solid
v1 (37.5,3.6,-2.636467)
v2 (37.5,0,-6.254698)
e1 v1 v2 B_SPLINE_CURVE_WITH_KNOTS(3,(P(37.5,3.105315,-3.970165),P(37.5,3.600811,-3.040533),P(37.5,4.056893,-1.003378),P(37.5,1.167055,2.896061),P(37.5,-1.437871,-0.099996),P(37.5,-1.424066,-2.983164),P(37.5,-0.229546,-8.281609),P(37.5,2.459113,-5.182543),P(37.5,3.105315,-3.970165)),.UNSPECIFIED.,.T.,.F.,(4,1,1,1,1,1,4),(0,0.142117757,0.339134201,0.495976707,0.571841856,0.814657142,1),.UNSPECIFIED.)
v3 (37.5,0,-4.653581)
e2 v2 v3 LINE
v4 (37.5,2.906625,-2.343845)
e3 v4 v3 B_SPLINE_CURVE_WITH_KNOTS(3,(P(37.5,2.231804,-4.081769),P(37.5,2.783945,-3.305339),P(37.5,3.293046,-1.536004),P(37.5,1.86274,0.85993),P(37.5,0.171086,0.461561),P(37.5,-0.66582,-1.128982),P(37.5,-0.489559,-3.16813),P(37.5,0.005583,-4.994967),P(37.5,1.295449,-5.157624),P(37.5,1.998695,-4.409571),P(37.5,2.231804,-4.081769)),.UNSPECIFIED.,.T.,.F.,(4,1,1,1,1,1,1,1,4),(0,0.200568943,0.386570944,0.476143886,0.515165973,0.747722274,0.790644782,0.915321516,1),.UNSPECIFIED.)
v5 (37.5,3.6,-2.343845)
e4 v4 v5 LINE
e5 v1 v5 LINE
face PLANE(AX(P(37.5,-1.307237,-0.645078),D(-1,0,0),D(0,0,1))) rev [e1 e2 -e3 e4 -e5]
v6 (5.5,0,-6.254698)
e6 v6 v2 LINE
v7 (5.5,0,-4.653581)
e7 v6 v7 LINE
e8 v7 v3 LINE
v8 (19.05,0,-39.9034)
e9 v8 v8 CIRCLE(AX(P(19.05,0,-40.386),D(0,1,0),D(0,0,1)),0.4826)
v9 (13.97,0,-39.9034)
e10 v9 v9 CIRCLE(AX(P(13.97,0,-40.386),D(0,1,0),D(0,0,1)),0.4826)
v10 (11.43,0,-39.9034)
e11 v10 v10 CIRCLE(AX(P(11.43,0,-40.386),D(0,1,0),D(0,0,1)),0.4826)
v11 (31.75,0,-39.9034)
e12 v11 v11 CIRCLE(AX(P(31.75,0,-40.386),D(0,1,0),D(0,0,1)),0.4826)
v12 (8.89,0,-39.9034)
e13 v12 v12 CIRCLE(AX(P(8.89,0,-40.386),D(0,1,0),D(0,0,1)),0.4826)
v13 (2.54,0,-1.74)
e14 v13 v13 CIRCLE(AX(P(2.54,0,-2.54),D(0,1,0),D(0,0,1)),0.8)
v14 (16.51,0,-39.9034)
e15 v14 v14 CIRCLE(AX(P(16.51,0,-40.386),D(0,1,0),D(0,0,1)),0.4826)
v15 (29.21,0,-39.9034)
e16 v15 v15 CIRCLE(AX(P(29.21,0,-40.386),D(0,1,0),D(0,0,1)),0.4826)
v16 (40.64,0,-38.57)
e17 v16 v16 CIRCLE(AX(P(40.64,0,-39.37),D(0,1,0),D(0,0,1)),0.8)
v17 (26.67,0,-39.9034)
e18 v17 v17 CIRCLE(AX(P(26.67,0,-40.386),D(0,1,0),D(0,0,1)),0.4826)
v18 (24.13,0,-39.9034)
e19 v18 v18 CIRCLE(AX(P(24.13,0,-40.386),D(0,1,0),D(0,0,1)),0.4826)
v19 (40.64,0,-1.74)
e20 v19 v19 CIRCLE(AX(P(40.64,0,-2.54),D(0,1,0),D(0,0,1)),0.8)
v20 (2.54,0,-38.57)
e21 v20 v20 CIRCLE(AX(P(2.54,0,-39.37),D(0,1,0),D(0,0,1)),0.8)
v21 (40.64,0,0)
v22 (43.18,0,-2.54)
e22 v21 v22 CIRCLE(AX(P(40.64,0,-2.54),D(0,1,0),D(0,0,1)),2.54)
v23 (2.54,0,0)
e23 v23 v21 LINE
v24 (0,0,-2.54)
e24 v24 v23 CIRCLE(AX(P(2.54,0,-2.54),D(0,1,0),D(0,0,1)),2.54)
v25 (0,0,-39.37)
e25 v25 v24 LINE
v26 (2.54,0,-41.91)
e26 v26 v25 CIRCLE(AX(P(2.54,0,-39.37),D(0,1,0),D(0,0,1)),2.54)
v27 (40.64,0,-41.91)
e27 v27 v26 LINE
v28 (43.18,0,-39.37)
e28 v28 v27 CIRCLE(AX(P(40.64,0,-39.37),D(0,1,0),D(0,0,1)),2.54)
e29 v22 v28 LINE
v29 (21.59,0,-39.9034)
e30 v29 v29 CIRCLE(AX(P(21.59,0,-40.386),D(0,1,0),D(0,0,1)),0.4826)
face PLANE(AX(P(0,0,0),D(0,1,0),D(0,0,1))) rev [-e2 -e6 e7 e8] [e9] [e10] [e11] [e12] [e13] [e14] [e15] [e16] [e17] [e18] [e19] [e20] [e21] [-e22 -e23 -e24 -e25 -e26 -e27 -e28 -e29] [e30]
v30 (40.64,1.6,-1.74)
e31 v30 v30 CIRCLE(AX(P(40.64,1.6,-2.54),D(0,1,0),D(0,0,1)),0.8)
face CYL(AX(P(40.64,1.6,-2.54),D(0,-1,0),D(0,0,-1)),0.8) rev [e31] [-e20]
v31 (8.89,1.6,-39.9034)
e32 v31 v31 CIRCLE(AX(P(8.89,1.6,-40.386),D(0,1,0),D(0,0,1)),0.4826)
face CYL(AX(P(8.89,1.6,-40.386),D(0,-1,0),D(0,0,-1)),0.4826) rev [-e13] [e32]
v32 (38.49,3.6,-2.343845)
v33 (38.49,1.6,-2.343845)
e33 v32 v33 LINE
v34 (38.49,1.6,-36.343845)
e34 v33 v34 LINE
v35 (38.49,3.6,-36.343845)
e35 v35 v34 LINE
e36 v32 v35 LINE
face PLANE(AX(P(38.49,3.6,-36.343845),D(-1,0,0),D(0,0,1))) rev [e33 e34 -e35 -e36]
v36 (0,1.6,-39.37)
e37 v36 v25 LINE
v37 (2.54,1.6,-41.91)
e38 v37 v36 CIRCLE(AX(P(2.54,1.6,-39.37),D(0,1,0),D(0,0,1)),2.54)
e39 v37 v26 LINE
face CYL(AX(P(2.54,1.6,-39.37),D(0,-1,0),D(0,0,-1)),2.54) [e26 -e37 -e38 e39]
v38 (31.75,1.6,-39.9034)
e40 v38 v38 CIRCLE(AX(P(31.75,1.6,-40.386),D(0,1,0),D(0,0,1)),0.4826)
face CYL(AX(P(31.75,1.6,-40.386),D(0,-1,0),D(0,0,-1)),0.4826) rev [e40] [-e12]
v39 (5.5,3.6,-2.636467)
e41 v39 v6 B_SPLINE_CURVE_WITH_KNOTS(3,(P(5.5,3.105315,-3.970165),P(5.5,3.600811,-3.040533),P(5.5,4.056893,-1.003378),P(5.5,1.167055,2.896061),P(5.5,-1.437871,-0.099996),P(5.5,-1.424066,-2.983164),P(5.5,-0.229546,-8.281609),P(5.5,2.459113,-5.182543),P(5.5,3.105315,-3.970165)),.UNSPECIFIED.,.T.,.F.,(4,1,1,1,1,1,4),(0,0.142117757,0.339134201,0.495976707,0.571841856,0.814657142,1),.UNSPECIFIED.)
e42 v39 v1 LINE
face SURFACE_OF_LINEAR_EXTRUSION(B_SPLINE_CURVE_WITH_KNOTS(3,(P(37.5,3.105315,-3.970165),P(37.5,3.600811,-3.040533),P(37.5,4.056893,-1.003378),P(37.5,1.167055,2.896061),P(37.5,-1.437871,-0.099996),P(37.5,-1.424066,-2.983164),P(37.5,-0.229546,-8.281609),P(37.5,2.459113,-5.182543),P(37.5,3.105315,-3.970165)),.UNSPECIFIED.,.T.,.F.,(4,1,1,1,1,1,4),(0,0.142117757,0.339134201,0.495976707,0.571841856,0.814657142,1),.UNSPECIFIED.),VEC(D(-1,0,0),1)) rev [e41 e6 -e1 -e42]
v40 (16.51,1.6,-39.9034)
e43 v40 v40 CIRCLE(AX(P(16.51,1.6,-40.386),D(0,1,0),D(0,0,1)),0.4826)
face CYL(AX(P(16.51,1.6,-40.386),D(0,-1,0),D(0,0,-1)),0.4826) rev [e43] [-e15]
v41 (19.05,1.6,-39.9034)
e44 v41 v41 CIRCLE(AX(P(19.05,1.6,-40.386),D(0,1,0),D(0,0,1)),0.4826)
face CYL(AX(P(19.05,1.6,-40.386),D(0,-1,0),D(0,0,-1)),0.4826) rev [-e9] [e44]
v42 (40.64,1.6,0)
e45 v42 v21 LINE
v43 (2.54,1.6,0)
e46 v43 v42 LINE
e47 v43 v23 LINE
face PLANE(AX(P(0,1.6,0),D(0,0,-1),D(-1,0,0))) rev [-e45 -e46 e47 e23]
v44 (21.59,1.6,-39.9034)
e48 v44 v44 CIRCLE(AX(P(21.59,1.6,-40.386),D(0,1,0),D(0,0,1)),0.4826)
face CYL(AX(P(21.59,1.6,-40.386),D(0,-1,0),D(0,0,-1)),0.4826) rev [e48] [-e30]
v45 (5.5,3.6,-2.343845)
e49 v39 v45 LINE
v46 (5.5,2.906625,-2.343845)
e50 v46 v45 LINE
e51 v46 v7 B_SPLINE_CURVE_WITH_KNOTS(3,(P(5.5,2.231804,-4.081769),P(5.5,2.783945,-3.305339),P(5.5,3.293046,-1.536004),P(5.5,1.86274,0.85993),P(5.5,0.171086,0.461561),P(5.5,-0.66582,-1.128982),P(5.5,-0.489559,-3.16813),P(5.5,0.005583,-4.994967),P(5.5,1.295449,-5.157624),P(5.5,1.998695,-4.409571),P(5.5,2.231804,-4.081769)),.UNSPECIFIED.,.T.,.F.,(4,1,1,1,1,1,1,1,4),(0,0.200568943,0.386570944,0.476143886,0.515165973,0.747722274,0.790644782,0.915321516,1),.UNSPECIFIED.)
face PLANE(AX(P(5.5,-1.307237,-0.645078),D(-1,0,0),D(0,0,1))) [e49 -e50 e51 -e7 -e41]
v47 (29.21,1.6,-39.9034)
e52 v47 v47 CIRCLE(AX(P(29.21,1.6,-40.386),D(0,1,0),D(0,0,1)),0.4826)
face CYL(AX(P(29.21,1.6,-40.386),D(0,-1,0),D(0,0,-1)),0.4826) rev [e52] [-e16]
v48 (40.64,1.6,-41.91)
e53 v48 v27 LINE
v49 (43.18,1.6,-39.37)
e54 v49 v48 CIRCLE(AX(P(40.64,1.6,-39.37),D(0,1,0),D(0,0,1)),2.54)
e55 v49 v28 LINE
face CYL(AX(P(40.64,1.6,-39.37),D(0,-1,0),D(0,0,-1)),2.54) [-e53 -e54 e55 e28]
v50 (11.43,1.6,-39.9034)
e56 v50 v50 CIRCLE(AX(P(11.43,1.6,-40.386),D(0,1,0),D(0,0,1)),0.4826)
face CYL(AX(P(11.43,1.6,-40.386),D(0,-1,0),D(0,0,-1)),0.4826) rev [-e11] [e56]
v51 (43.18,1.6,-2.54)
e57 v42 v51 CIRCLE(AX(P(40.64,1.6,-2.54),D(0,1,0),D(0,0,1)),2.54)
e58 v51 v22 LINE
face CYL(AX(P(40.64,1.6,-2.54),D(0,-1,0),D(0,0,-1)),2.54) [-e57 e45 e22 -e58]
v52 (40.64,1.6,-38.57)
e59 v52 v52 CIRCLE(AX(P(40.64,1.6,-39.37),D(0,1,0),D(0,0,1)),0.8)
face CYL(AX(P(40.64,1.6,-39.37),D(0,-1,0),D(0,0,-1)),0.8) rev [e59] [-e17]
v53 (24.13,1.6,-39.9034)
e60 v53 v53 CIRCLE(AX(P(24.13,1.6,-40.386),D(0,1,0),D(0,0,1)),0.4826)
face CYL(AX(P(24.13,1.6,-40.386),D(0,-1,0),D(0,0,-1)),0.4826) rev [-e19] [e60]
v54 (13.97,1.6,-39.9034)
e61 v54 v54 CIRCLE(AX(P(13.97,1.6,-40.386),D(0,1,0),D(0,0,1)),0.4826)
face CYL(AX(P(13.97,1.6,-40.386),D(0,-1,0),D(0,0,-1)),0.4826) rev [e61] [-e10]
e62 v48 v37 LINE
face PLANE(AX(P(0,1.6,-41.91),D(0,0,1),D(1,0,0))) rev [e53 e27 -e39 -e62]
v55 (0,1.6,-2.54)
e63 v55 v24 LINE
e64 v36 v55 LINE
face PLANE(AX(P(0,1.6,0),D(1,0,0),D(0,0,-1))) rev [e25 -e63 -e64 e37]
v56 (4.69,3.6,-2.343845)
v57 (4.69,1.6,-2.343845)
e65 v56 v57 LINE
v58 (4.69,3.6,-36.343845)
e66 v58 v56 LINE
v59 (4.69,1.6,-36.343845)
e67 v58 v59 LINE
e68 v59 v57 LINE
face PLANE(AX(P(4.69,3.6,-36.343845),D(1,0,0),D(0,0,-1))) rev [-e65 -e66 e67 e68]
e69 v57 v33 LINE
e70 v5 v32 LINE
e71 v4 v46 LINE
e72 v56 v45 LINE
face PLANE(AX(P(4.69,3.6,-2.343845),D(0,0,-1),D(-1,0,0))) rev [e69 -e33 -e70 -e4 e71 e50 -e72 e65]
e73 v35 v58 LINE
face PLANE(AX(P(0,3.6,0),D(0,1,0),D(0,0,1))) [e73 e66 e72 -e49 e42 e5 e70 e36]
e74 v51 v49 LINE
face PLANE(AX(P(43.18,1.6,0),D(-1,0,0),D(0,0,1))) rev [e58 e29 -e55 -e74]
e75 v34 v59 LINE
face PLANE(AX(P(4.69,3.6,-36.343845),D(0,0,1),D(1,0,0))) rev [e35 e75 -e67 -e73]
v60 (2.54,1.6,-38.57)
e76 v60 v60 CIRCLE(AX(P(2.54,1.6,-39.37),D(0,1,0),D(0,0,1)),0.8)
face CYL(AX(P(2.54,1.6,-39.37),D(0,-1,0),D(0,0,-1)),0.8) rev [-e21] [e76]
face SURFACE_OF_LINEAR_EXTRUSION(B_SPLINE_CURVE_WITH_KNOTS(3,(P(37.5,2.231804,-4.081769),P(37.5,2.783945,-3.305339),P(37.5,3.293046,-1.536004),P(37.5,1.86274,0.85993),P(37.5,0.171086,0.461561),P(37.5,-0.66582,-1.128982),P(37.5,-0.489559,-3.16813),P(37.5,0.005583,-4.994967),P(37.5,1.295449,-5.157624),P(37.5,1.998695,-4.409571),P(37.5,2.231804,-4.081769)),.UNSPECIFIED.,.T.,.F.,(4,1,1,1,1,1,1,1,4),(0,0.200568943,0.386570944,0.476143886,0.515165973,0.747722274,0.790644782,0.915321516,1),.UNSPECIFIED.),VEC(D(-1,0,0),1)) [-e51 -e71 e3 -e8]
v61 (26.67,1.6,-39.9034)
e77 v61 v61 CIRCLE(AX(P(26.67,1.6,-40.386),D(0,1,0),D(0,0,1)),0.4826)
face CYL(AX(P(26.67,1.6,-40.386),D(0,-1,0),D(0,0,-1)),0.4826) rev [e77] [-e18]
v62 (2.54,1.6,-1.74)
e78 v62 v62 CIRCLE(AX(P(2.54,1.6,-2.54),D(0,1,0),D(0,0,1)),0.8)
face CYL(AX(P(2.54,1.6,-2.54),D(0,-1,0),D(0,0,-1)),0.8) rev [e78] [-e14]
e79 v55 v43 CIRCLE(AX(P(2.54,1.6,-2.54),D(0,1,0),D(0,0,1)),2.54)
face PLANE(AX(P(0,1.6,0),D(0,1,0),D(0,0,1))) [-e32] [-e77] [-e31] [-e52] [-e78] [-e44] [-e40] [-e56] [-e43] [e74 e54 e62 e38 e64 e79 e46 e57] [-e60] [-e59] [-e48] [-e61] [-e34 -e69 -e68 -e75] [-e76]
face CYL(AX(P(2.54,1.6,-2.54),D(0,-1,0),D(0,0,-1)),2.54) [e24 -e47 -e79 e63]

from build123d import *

# Parameters (mm, degrees)
SKETCH1_R           = 0.8
SKETCH1_R_2         = 0.4826
BOSS_EXTRUDE1_DEPTH = 1.6
SKETCH2_W           = 33.8
SKETCH2_H           = 34
BOSS_EXTRUDE2_DEPTH = 2
BOSS_EXTRUDE3_START = 5.5
BOSS_EXTRUDE3_DEPTH = 32


with BuildPart() as part:
    # Sketch1 → Boss-Extrude1 (new body)
    with BuildSketch(Plane(origin=(0, 0, 0), x_dir=(1, 0, 0), z_dir=(0, 1, 0))):
        with BuildLine():
            Line((40.64, 41.91), (2.54, 41.91))
            ThreePointArc((2.54, 41.91), (0.743948776, 41.166051224), (0, 39.37))
            Line((0, 39.37), (0, 2.54))
            ThreePointArc((0, 2.54), (0.743948776, 0.743948776), (2.54, 0))
            Line((2.54, 0), (40.64, 0))
            ThreePointArc((40.64, 0), (42.436051224, 0.743948776), (43.18, 2.54))
            Line((43.18, 2.54), (43.18, 39.37))
            ThreePointArc((43.18, 39.37), (42.436051224, 41.166051224), (40.64, 41.91))
        make_face()
        with Locations(Location((2.54, 39.37, 0), (0, 0, 270))):
            Circle(SKETCH1_R, mode=Mode.SUBTRACT)
        with Locations(Location((40.64, 39.37, 0), (0, 0, 270))):
            Circle(SKETCH1_R, mode=Mode.SUBTRACT)
        with Locations(Location((40.64, 2.54, 0), (0, 0, 270))):
            Circle(SKETCH1_R, mode=Mode.SUBTRACT)
        with Locations(Location((2.54, 2.54, 0), (0, 0, 270))):
            Circle(SKETCH1_R, mode=Mode.SUBTRACT)
        with Locations(Location((8.89, 40.386, 0), (0, 0, 270))):
            Circle(SKETCH1_R_2, mode=Mode.SUBTRACT)
        with Locations(Location((11.43, 40.386, 0), (0, 0, 270))):
            Circle(SKETCH1_R_2, mode=Mode.SUBTRACT)
        with Locations(Location((13.97, 40.386, 0), (0, 0, 270))):
            Circle(SKETCH1_R_2, mode=Mode.SUBTRACT)
        with Locations(Location((16.51, 40.386, 0), (0, 0, 270))):
            Circle(SKETCH1_R_2, mode=Mode.SUBTRACT)
        with Locations(Location((19.05, 40.386, 0), (0, 0, 270))):
            Circle(SKETCH1_R_2, mode=Mode.SUBTRACT)
        with Locations(Location((21.59, 40.386, 0), (0, 0, 270))):
            Circle(SKETCH1_R_2, mode=Mode.SUBTRACT)
        with Locations(Location((24.13, 40.386, 0), (0, 0, 270))):
            Circle(SKETCH1_R_2, mode=Mode.SUBTRACT)
        with Locations(Location((26.67, 40.386, 0), (0, 0, 270))):
            Circle(SKETCH1_R_2, mode=Mode.SUBTRACT)
        with Locations(Location((29.21, 40.386, 0), (0, 0, 270))):
            Circle(SKETCH1_R_2, mode=Mode.SUBTRACT)
        with Locations(Location((31.75, 40.386, 0), (0, 0, 270))):
            Circle(SKETCH1_R_2, mode=Mode.SUBTRACT)
    extrude(amount=BOSS_EXTRUDE1_DEPTH)

    # Sketch2 → Boss-Extrude2 (add)
    with BuildSketch(Plane(origin=(0, 1.6, 0), x_dir=(1, 0, 0), z_dir=(0, 1, 0))):
        with Locations((21.59, 19.343844511)):
            Rectangle(SKETCH2_W, SKETCH2_H)
    extrude(amount=BOSS_EXTRUDE2_DEPTH)

    # Sketch3 → Boss-Extrude3 (add)
    with BuildSketch(Plane(origin=(0, 0, 0), x_dir=(0, 0, -1), z_dir=(1, 0, 0)).offset(BOSS_EXTRUDE3_START)):
        with BuildLine():
            add(Edge.make_bspline(
                [(3.970164527, 3.105314779), (3.04053349, 3.600811343), (1.003377892, 4.056892842), (-2.896061137, 1.167055459), (0.099995748, -1.437870681), (2.983164085, -1.424066333), (8.281609372, -0.229546042), (5.182542742, 2.459112989), (3.970164527, 3.105314779)],
                knots=[0, 0, 0, 0, 0.142117757, 0.339134201, 0.495976707, 0.571841856, 0.814657142, 1, 1, 1, 1], degree=3))
        make_face()
        with BuildLine():
            add(Edge.make_bspline(
                [(4.08176927, 2.23180389), (3.305339462, 2.783945066), (1.536004114, 3.293046243), (-0.859930314, 1.862739832), (-0.461561334, 0.171086046), (1.128981968, -0.665819715), (3.168129753, -0.489558726), (4.994967134, 0.005583457), (5.157624087, 1.295448967), (4.40957126, 1.998694632), (4.08176927, 2.23180389)],
                knots=[0, 0, 0, 0, 0.200568943, 0.386570944, 0.476143886, 0.515165973, 0.747722274, 0.790644782, 0.915321516, 1, 1, 1, 1], degree=3))
        make_face(mode=Mode.SUBTRACT)
    extrude(amount=BOSS_EXTRUDE3_DEPTH)


solid = part.part
